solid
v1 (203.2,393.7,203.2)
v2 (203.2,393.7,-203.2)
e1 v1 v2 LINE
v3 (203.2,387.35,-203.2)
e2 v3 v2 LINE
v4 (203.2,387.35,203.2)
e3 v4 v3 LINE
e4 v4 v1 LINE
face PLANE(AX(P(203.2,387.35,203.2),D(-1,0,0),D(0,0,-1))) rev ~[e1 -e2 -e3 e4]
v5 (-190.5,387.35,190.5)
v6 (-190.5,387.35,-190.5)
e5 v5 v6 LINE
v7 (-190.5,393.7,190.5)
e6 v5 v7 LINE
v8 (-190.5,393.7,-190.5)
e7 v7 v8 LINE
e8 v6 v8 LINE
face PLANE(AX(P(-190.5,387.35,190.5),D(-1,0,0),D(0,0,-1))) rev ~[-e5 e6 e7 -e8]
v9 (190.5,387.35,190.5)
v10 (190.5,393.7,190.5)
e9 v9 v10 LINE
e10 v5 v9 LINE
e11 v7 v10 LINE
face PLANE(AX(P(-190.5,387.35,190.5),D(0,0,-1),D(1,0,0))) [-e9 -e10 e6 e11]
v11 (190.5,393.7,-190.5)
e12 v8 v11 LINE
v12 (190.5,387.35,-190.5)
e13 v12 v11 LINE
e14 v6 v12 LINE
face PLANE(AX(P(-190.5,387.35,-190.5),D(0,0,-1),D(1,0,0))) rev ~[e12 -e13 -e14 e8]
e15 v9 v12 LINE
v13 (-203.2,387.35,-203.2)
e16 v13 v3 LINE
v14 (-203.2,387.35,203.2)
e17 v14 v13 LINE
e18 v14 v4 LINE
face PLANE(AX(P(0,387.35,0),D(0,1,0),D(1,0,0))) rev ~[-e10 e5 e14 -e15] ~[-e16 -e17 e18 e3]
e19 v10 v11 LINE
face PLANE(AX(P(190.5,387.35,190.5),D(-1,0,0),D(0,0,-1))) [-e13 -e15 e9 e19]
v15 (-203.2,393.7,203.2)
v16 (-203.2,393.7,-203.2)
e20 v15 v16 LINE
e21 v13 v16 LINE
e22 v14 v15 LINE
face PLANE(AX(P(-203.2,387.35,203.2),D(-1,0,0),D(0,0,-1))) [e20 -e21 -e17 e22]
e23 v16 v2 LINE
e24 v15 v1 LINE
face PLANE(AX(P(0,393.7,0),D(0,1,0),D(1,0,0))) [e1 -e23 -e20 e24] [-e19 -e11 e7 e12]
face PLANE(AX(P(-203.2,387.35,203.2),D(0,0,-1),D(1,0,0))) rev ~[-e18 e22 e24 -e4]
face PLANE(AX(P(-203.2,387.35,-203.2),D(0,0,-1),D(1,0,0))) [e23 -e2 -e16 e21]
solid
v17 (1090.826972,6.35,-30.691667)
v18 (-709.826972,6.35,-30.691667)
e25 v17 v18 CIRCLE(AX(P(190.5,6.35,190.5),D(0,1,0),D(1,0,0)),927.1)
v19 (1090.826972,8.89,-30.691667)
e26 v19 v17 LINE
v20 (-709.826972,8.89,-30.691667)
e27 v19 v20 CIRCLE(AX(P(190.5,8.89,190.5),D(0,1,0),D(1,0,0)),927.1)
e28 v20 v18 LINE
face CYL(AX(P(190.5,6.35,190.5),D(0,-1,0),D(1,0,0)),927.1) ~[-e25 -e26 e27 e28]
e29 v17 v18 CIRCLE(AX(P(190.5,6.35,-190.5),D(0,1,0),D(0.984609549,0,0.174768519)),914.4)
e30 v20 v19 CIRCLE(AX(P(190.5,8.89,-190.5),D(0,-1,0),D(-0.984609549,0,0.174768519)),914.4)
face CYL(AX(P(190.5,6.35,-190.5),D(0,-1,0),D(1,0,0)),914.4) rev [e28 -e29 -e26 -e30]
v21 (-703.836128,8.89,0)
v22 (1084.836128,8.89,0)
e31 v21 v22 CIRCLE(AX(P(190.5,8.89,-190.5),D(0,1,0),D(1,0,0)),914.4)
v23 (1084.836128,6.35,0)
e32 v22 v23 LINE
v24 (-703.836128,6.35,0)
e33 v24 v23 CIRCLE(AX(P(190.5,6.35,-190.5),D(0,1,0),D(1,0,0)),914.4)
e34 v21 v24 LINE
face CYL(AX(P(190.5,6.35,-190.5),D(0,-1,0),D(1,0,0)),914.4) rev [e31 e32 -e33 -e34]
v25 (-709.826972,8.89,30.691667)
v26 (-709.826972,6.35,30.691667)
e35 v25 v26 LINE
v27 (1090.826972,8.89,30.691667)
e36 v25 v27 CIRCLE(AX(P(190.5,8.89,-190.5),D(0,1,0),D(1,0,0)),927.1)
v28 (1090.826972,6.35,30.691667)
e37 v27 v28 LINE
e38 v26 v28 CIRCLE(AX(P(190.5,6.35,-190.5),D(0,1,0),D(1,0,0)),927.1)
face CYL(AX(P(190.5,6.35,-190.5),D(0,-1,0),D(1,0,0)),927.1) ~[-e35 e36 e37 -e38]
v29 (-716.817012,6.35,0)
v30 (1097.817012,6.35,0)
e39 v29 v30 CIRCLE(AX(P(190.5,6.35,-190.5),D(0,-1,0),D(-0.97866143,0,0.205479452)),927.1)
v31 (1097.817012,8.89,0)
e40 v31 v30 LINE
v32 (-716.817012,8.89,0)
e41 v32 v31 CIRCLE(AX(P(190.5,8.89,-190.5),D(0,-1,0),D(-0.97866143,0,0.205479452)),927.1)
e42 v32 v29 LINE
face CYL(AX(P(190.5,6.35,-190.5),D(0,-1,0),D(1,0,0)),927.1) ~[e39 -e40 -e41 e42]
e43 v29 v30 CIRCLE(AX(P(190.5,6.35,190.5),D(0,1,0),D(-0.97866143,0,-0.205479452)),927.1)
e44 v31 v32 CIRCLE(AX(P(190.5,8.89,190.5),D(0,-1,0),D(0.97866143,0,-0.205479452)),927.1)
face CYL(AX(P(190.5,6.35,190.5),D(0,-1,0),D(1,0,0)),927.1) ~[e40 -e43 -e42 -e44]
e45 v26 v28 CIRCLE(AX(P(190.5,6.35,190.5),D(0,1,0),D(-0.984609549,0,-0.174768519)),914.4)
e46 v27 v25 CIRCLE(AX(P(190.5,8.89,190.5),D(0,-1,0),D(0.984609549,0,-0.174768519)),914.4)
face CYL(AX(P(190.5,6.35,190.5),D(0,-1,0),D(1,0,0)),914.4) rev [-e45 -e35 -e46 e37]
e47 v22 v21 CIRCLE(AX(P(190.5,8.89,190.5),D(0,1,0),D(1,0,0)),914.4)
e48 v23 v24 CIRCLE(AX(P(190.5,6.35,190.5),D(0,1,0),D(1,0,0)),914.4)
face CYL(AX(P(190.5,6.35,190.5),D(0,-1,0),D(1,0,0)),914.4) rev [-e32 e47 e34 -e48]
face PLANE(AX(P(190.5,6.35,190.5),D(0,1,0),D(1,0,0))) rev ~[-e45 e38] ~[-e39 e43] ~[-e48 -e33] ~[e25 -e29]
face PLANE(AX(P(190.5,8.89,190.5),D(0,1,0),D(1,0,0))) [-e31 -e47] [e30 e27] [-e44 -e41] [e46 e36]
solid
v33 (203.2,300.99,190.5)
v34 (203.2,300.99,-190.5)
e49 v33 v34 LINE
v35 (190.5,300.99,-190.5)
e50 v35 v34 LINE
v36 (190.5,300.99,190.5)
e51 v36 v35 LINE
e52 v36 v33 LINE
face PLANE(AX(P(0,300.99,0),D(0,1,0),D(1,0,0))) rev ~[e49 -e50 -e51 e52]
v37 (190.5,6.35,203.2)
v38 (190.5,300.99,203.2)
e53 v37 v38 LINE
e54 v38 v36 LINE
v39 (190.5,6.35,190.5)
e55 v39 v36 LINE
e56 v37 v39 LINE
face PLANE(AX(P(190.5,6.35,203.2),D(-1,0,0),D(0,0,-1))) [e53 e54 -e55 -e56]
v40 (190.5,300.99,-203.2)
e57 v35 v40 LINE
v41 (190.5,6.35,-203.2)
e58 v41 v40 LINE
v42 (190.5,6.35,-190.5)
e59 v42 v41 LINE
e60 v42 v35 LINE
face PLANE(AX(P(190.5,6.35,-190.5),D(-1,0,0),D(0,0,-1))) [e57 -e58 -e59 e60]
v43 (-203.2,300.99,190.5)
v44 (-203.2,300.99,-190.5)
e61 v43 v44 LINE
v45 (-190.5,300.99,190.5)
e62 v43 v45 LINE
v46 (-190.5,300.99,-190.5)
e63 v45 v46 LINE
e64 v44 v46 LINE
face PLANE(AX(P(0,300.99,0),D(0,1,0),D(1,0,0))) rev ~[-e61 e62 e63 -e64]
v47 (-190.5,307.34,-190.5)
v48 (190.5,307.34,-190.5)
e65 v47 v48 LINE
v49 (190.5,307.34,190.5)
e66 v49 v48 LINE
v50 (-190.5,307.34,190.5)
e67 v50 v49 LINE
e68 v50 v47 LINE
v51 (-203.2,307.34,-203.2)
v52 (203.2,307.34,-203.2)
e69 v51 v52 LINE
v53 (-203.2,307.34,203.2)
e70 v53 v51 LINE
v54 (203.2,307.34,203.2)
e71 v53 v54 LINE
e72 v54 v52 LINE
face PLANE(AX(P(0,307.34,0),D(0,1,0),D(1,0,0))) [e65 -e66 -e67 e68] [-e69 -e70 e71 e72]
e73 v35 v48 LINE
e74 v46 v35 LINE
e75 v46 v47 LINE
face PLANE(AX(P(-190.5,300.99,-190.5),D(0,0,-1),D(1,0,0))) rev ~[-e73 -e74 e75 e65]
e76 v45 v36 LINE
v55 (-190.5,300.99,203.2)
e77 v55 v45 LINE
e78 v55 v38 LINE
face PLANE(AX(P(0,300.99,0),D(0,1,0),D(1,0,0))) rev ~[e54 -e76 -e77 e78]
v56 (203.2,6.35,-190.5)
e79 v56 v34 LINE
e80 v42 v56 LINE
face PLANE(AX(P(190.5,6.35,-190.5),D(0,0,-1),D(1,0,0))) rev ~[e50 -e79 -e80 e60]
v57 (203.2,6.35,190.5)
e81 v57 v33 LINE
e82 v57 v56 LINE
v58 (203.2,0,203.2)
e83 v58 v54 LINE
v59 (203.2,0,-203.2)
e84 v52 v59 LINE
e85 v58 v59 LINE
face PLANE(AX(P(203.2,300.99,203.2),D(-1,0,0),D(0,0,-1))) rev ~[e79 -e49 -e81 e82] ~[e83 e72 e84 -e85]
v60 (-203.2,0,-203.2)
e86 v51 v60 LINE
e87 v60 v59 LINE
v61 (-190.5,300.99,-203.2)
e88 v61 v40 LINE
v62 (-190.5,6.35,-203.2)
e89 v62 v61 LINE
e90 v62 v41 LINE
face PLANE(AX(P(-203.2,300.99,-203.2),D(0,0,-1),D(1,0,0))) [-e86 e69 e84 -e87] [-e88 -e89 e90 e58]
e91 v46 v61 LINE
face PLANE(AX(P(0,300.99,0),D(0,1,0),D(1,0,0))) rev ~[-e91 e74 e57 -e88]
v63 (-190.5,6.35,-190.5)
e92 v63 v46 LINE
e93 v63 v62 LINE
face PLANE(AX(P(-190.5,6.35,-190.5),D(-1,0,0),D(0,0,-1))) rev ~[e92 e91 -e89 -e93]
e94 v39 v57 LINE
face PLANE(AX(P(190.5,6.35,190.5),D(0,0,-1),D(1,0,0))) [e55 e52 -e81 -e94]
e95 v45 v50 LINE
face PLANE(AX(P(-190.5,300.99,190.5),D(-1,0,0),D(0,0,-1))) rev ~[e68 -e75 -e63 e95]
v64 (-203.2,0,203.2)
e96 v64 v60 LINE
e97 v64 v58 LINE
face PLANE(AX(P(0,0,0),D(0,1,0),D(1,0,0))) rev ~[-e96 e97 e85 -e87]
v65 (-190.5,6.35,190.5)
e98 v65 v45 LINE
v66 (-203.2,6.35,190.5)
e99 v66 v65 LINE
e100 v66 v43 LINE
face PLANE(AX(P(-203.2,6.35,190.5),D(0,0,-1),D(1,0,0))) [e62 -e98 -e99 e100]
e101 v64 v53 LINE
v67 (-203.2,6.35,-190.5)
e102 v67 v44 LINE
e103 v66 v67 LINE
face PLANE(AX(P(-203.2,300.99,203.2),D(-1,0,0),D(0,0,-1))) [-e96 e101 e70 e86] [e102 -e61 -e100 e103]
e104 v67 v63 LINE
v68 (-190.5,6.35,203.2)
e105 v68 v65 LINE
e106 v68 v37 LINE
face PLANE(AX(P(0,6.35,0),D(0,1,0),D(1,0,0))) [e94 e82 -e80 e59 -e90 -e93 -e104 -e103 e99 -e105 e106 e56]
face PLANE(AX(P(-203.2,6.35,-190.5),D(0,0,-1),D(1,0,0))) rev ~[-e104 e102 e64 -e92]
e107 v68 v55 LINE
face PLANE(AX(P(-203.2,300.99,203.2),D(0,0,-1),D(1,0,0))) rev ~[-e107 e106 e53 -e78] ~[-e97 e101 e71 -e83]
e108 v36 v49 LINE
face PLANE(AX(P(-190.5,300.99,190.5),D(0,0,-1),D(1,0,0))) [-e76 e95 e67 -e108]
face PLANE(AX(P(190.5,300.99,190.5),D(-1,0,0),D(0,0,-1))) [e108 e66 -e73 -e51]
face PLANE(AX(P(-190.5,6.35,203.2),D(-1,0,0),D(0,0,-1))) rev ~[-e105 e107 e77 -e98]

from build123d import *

# Parameters (mm, degrees)
SKETCH1_W           = 406.4
SKETCH1_H           = 406.4
BOSS_EXTRUDE1_DEPTH = 6.35
SKETCH2_W           = 12.7
SKETCH2_H           = 12.7
BOSS_EXTRUDE2_DEPTH = 294.64
SKETCH3_W           = 406.4
SKETCH3_H           = 406.4
SKETCH3_W_2         = 381
SKETCH3_H_2         = 381
BOSS_EXTRUDE3_DEPTH = 6.35
SKETCH5_W           = 406.4
SKETCH5_H           = 406.4
SKETCH5_W_2         = 381
SKETCH5_H_2         = 381
BOSS_EXTRUDE4_DEPTH = 6.35
SKETCH8_R           = 927.1
SKETCH8_R_2         = 914.4
BOSS_EXTRUDE8_DEPTH = 2.54


with BuildPart() as part:
    # Sketch1 → Boss-Extrude1 (new body)
    with BuildSketch(Plane(origin=(0, 0, 0), x_dir=(1, 0, 0), z_dir=(0, 1, 0))):
        Rectangle(SKETCH1_W, SKETCH1_H)
    extrude(amount=BOSS_EXTRUDE1_DEPTH)

    # Sketch2 → Boss-Extrude2 (add)
    with BuildSketch(Plane(origin=(0, 6.35, 0), x_dir=(1, 0, 0), z_dir=(0, 1, 0))):
        with Locations((-196.85, -196.85)):
            Rectangle(SKETCH2_W, SKETCH2_H)
        with Locations((196.85, -196.85)):
            Rectangle(SKETCH2_W, SKETCH2_H)
        with Locations((-196.85, 196.85)):
            Rectangle(SKETCH2_W, SKETCH2_H)
        with Locations((196.85, 196.85)):
            Rectangle(SKETCH2_W, SKETCH2_H)
    extrude(amount=BOSS_EXTRUDE2_DEPTH)

    # Sketch3 → Boss-Extrude3 (add)
    with BuildSketch(Plane(origin=(0, 300.99, 0), x_dir=(1, 0, 0), z_dir=(0, 1, 0))):
        Rectangle(SKETCH3_W, SKETCH3_H)
        Rectangle(SKETCH3_W_2, SKETCH3_H_2, mode=Mode.SUBTRACT)
    extrude(amount=BOSS_EXTRUDE3_DEPTH)


with BuildPart() as body_2:
    # Sketch5 → Boss-Extrude4 (new body)
    with BuildSketch(Plane(origin=(0, 387.35, 0), x_dir=(1, 0, 0), z_dir=(0, 1, 0))):
        Rectangle(SKETCH5_W, SKETCH5_H)
        Rectangle(SKETCH5_W_2, SKETCH5_H_2, mode=Mode.SUBTRACT)
    extrude(amount=BOSS_EXTRUDE4_DEPTH)


with BuildPart() as body_3:
    # Sketch8 → Boss-Extrude8 (new body)
    # profile 1 of 2: a face of its own
    with BuildSketch(Plane(origin=(0, 6.35, 0), x_dir=(1, 0, 0), z_dir=(0, 1, 0))):
        with Locations((190.5, 190.5)):
            Circle(SKETCH8_R)
        with Locations((190.5, 190.5)):
            Circle(SKETCH8_R_2, mode=Mode.SUBTRACT)
    # profile 2 of 2: a face of its own
    with BuildSketch(Plane(origin=(0, 6.35, 0), x_dir=(1, 0, 0), z_dir=(0, 1, 0))):
        with Locations((190.5, -190.5)):
            Circle(SKETCH8_R)
        with Locations((190.5, -190.5)):
            Circle(SKETCH8_R_2, mode=Mode.SUBTRACT)
    extrude(amount=BOSS_EXTRUDE8_DEPTH)


solid = Compound([part.part, body_2.part, body_3.part])
